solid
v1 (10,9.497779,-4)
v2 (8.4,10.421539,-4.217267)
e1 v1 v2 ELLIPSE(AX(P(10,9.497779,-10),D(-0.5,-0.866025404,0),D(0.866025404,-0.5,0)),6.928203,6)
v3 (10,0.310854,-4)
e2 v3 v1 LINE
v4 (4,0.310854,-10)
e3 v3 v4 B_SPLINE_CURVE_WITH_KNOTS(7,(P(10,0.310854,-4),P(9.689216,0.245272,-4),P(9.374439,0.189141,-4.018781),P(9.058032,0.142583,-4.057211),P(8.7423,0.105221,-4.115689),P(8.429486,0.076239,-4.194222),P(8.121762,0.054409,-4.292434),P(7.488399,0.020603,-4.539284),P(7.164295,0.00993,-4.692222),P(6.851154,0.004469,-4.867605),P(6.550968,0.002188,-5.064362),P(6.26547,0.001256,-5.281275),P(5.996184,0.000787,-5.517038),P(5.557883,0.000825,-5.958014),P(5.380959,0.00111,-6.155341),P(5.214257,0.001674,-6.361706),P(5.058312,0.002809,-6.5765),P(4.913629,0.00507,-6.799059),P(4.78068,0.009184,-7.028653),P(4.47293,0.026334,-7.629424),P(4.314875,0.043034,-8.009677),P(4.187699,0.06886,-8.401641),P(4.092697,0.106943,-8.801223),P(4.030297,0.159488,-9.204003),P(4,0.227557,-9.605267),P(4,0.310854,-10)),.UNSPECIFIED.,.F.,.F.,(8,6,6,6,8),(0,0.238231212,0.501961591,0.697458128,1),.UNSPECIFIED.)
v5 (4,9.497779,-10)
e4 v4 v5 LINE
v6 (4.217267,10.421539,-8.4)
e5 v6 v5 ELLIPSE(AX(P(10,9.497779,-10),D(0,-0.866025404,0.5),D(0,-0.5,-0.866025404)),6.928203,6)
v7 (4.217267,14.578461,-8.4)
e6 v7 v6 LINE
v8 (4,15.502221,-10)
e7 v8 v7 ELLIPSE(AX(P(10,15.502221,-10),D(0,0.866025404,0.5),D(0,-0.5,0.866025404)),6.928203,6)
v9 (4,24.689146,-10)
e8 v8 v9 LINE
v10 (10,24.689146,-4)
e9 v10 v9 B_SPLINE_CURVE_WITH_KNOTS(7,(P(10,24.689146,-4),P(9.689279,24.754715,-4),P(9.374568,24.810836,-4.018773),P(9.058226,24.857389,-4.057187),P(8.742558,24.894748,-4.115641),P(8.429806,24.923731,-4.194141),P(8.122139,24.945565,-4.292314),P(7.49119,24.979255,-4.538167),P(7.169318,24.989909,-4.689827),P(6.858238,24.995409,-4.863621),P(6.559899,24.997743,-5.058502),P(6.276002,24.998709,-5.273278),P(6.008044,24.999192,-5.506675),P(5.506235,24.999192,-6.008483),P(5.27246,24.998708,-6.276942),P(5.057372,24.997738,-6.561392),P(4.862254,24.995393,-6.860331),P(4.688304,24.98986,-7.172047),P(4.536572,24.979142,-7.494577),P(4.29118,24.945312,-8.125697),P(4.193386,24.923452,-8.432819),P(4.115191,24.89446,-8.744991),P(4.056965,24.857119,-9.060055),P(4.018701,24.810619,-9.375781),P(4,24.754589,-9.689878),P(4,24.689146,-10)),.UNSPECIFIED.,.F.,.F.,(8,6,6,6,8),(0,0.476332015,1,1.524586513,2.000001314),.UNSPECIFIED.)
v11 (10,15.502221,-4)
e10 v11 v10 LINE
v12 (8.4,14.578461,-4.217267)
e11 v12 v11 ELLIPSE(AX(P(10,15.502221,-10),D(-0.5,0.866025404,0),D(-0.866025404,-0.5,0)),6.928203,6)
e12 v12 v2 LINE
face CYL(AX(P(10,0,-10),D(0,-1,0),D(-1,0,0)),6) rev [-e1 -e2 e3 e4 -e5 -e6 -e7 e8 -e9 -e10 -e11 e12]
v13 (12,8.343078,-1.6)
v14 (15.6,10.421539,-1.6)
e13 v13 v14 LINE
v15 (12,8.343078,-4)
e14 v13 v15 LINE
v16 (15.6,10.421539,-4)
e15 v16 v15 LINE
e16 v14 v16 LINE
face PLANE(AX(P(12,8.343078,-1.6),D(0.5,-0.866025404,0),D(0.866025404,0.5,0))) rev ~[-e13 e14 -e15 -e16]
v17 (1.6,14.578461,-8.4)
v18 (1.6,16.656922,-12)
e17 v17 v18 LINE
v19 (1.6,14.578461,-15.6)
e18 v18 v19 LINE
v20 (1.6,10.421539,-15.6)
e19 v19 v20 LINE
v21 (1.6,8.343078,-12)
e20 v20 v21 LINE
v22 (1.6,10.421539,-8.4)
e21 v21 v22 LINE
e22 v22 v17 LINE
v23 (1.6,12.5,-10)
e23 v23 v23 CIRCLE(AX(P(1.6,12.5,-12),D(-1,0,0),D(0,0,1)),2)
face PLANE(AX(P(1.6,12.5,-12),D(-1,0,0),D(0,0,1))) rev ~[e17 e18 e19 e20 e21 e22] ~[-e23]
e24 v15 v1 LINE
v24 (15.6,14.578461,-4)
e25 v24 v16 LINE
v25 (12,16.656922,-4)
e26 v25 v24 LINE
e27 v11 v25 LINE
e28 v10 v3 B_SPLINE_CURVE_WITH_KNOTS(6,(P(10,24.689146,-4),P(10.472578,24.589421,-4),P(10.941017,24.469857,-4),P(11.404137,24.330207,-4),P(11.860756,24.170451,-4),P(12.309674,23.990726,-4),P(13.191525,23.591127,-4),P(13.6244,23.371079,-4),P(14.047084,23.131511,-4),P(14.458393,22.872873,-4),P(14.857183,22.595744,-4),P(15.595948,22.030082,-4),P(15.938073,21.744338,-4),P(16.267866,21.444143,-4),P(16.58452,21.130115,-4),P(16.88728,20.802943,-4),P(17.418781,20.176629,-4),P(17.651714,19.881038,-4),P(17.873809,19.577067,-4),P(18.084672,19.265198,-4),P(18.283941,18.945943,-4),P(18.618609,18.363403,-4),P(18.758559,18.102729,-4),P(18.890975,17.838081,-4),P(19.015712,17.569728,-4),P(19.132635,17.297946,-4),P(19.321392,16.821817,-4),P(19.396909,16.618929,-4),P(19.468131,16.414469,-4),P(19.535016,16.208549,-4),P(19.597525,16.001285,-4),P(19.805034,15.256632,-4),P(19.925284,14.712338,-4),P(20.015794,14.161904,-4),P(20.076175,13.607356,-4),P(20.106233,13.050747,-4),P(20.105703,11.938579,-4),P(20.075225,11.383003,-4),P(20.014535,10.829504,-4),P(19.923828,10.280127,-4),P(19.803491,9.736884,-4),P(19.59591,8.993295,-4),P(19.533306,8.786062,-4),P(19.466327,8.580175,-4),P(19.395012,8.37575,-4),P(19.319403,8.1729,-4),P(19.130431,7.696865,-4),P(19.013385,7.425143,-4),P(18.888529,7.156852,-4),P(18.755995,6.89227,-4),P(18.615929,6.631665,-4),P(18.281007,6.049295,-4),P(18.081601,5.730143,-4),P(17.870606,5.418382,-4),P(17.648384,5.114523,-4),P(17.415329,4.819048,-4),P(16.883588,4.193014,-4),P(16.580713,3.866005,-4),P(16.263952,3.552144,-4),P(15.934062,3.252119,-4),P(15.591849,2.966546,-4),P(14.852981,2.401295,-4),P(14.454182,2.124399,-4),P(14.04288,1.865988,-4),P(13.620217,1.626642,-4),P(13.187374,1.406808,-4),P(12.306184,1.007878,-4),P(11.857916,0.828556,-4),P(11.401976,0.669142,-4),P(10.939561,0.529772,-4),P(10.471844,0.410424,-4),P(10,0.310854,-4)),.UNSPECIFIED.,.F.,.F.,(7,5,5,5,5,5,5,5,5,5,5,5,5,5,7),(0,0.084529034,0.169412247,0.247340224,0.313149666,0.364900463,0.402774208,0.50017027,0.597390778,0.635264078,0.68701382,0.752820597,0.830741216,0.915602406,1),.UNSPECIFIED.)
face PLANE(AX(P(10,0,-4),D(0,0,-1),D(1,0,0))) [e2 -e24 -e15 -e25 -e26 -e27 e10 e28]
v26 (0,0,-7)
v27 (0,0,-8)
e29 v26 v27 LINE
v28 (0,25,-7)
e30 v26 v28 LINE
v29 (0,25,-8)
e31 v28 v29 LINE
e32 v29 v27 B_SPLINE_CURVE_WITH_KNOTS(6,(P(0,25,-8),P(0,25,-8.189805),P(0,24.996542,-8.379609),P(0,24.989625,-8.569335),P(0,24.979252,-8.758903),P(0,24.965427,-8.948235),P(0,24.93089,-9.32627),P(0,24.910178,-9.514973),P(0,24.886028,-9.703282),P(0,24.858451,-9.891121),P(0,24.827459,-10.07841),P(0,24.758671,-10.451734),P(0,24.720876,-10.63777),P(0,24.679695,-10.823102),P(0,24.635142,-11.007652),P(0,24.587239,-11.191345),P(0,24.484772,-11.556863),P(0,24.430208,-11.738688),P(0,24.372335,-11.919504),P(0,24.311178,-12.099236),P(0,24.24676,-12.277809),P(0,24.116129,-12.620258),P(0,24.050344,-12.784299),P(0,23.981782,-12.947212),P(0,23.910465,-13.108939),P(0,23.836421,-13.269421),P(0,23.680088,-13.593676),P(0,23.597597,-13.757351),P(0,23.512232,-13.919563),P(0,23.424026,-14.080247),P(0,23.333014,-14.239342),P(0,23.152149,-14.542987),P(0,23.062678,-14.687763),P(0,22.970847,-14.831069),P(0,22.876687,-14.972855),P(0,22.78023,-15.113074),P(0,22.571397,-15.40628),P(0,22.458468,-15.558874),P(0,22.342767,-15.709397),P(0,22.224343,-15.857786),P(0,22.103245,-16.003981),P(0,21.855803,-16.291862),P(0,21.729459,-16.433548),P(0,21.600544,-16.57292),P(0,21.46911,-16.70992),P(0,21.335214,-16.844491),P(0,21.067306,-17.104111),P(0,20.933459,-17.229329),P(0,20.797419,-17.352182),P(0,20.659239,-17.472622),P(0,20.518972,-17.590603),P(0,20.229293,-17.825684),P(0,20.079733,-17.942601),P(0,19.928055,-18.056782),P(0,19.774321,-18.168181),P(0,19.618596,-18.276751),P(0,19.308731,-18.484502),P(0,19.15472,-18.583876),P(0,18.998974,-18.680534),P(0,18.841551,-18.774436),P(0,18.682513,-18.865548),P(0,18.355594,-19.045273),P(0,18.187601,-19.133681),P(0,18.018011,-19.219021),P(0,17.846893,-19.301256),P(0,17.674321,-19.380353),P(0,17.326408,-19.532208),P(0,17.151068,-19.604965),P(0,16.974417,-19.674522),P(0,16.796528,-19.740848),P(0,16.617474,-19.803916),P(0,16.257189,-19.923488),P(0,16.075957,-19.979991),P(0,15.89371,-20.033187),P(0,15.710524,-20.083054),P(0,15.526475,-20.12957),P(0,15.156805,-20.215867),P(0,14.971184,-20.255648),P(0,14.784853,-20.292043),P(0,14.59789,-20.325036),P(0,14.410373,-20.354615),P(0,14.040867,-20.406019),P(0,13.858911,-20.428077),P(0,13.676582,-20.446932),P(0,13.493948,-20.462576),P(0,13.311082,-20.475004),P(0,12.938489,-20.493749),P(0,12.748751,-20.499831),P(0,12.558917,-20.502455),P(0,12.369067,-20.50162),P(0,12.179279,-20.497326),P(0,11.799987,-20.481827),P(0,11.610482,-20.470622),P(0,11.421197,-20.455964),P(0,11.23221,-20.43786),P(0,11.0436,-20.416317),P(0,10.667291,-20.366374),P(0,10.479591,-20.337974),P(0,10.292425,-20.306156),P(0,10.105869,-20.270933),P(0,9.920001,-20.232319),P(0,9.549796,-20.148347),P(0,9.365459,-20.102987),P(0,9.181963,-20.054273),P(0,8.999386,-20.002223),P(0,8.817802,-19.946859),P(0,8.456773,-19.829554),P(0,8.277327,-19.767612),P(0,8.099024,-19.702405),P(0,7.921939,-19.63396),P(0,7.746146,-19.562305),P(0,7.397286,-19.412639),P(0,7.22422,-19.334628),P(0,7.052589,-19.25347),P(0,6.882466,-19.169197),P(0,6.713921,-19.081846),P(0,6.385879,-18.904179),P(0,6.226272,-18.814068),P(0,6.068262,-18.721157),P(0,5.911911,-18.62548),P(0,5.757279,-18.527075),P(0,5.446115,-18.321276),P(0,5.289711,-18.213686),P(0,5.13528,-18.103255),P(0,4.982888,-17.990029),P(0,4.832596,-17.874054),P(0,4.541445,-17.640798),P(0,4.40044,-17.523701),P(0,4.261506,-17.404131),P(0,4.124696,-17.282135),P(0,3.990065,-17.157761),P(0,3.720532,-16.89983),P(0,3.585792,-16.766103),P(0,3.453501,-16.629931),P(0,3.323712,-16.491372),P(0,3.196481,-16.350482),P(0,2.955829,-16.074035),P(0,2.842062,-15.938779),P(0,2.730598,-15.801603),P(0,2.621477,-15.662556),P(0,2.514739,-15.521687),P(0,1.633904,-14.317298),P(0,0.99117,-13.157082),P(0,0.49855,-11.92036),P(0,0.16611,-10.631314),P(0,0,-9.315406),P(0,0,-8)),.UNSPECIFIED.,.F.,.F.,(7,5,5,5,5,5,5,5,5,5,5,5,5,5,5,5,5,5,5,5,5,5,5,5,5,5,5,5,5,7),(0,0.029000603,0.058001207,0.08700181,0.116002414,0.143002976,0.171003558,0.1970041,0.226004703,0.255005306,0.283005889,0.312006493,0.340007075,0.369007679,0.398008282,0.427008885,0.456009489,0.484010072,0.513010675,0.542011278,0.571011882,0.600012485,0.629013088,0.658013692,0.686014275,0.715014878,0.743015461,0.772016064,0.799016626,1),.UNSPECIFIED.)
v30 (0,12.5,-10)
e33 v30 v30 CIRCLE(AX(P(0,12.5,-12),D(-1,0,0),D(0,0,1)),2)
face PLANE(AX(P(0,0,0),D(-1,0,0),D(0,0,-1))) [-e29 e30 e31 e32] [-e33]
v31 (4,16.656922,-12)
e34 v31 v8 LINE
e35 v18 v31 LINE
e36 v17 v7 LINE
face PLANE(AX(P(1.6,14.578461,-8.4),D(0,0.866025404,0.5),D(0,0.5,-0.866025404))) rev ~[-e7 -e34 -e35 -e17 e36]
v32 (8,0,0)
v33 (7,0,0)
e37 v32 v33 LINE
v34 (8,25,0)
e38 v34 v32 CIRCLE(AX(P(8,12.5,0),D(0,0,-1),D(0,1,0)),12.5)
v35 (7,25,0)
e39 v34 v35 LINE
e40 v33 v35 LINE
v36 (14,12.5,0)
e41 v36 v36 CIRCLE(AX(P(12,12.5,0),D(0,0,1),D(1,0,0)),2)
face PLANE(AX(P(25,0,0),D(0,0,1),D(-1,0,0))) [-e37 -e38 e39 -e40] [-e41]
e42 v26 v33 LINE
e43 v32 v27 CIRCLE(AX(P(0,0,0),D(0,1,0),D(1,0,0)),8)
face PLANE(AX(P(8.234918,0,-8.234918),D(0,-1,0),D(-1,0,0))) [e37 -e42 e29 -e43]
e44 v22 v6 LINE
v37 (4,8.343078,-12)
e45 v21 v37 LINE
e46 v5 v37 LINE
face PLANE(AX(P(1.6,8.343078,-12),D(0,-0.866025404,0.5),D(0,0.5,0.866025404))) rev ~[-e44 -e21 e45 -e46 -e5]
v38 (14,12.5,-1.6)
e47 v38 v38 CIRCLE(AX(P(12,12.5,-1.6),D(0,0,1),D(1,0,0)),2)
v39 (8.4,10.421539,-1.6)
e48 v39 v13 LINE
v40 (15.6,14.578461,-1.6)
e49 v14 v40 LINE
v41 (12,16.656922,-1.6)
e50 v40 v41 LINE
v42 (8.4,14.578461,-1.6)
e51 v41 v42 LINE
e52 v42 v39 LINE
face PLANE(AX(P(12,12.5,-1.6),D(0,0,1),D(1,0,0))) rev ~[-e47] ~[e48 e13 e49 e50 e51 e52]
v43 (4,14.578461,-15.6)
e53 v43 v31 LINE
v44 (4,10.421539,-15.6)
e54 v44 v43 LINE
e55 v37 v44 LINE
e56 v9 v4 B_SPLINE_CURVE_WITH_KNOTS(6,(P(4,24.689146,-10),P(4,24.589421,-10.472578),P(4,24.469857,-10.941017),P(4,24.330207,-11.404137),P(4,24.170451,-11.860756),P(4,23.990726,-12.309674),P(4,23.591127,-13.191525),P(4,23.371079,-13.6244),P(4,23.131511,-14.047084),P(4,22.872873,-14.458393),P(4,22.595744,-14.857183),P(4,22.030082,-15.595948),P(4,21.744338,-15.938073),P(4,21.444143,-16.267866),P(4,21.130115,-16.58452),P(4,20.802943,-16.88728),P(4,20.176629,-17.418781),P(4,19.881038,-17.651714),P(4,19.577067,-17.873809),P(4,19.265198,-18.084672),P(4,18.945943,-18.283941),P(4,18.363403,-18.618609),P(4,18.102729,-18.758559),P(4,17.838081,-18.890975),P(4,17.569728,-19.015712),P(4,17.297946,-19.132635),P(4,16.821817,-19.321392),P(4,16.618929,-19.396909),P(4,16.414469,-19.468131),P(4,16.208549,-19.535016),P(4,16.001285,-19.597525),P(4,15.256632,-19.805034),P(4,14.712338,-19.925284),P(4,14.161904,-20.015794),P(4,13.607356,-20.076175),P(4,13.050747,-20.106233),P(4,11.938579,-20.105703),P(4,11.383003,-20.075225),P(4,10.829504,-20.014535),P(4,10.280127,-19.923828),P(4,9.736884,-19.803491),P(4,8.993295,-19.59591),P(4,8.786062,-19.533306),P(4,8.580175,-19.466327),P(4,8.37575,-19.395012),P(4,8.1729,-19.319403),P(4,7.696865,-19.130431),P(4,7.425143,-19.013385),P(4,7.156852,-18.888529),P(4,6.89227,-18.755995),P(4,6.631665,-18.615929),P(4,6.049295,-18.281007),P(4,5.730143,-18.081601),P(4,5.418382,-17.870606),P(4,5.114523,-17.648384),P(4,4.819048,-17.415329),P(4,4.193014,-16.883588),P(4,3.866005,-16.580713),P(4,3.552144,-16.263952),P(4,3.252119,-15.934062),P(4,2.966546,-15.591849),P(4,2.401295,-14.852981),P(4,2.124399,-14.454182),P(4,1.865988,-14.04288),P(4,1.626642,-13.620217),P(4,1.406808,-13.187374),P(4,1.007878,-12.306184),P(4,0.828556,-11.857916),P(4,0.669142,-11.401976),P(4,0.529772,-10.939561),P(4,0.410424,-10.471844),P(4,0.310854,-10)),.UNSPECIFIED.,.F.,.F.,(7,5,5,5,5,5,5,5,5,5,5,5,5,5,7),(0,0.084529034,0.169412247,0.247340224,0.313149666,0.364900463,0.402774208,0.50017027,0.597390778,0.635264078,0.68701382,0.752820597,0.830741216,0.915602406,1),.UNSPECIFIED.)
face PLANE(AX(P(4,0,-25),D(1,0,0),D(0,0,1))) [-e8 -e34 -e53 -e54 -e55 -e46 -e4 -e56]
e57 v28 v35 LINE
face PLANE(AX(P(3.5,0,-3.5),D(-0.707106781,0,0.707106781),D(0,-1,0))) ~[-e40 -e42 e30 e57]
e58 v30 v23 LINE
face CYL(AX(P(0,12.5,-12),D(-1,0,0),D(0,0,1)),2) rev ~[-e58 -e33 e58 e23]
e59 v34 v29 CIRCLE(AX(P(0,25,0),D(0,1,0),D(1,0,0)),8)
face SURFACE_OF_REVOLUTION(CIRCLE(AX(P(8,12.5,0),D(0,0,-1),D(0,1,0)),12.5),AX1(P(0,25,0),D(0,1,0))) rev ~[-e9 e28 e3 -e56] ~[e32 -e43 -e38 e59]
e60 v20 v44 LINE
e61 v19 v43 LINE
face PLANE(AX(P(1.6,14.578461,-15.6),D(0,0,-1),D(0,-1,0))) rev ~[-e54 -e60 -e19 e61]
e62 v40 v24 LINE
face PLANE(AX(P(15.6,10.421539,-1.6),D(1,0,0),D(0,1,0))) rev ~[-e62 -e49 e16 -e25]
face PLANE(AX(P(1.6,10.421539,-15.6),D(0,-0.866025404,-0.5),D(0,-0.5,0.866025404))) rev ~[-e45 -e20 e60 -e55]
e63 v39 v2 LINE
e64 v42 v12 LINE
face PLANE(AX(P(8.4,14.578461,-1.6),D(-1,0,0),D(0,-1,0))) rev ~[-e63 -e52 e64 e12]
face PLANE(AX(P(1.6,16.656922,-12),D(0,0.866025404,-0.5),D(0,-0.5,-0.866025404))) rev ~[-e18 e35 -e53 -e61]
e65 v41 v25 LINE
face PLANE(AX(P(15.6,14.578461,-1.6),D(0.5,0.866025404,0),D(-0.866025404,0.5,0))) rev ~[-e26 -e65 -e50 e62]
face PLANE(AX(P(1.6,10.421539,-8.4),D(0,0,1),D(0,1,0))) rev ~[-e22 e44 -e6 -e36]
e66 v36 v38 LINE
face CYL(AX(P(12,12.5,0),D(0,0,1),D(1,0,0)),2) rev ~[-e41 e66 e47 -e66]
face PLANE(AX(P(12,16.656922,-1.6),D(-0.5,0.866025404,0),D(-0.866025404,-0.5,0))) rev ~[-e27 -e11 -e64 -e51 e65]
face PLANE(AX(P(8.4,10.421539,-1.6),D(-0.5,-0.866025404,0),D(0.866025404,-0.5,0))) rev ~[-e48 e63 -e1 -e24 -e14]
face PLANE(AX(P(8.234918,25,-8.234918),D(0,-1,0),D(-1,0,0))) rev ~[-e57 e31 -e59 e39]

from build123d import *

# Parameters (mm, degrees)
BOSS_EXTRUDE1_DEPTH = 25
SKETCH3_R           = 2
CUT_EXTRUDE1_DEPTH  = 21.5000001
SKETCH4_R           = 2
CUT_EXTRUDE2_DEPTH  = 21.5000001
CUT_EXTRUDE3_START  = -1.6
CUT_EXTRUDE3_DEPTH  = 19.9000001
CUT_EXTRUDE4_START  = -1.6
CUT_EXTRUDE4_DEPTH  = 19.9000001
CHAMFER1_SIZE       = 7


with BuildPart() as part:
    # Sketch1 → Boss-Extrude1 (new body)
    with BuildSketch(Plane(origin=(0, 0, 0), x_dir=(1, 0, 0), z_dir=(0, 1, 0))):
        with BuildLine():
            Line((0, 0), (0, 25))
            Line((0, 25), (4, 25))
            Line((4, 25), (4, 10))
            ThreePointArc((4, 10), (5.757359313, 5.757359313), (10, 4))
            Line((10, 4), (25, 4))
            Line((25, 4), (25, 0))
            Line((25, 0), (0, 0))
        make_face()
    extrude(amount=BOSS_EXTRUDE1_DEPTH)

    # Sketch2 → Cut-Revolve2 (revolve, cut)
    with BuildSketch(Plane.XY):
        with BuildLine():
            Line((8, 0), (0, 0))
            Line((0, 0), (0, -0.947269394))
            Line((0, -0.947269394), (27.823952472, -0.947269394))
            Line((27.823952472, -0.947269394), (27.823952472, 28.581077379))
            Line((27.823952472, 28.581077379), (0, 28.581077379))
            Line((0, 28.581077379), (0, 25))
            Line((0, 25), (8, 25))
            ThreePointArc((8, 25), (20.5, 12.5), (8, 0))
        make_face()
    revolve(axis=Axis((0, 25, 0), (0, 1, 0)), mode=Mode.SUBTRACT)

    # Sketch3 → Cut-Extrude1 (cut, through all)
    with BuildSketch(Plane.XY):
        with Locations((12, 12.5)):
            Circle(SKETCH3_R)
    extrude(amount=-CUT_EXTRUDE1_DEPTH, mode=Mode.SUBTRACT)

    # Sketch4 → Cut-Extrude2 (cut, through all)
    with BuildSketch(Plane.ZY):
        with Locations((-12, 12.5)):
            Circle(SKETCH4_R)
    extrude(amount=-CUT_EXTRUDE2_DEPTH, mode=Mode.SUBTRACT)

    # Sketch5 → Cut-Extrude3 (cut, through all)
    with BuildSketch(Plane.ZY.offset(CUT_EXTRUDE3_START)):
        Polygon((-8.4, 14.578460969), (-12, 16.656921938), (-15.6, 14.578460969), (-15.6, 10.421539031), (-12, 8.343078062), (-8.4, 10.421539031), align=None)
    extrude(amount=-CUT_EXTRUDE3_DEPTH, mode=Mode.SUBTRACT)

    # Sketch6 → Cut-Extrude4 (cut, through all)
    with BuildSketch(Plane.XY.offset(CUT_EXTRUDE4_START)):
        Polygon((12, 8.343078062), (15.6, 10.421539031), (15.6, 14.578460969), (12, 16.656921938), (8.4, 14.578460969), (8.4, 10.421539031), align=None)
    extrude(amount=-CUT_EXTRUDE4_DEPTH, mode=Mode.SUBTRACT)

    # Chamfer1
    chamfer1_edges = [part.edges().sort_by_distance(p)[0] for p in [
        (0, 12.5, 0),
    ]]
    chamfer(chamfer1_edges, length=CHAMFER1_SIZE)


solid = part.part
